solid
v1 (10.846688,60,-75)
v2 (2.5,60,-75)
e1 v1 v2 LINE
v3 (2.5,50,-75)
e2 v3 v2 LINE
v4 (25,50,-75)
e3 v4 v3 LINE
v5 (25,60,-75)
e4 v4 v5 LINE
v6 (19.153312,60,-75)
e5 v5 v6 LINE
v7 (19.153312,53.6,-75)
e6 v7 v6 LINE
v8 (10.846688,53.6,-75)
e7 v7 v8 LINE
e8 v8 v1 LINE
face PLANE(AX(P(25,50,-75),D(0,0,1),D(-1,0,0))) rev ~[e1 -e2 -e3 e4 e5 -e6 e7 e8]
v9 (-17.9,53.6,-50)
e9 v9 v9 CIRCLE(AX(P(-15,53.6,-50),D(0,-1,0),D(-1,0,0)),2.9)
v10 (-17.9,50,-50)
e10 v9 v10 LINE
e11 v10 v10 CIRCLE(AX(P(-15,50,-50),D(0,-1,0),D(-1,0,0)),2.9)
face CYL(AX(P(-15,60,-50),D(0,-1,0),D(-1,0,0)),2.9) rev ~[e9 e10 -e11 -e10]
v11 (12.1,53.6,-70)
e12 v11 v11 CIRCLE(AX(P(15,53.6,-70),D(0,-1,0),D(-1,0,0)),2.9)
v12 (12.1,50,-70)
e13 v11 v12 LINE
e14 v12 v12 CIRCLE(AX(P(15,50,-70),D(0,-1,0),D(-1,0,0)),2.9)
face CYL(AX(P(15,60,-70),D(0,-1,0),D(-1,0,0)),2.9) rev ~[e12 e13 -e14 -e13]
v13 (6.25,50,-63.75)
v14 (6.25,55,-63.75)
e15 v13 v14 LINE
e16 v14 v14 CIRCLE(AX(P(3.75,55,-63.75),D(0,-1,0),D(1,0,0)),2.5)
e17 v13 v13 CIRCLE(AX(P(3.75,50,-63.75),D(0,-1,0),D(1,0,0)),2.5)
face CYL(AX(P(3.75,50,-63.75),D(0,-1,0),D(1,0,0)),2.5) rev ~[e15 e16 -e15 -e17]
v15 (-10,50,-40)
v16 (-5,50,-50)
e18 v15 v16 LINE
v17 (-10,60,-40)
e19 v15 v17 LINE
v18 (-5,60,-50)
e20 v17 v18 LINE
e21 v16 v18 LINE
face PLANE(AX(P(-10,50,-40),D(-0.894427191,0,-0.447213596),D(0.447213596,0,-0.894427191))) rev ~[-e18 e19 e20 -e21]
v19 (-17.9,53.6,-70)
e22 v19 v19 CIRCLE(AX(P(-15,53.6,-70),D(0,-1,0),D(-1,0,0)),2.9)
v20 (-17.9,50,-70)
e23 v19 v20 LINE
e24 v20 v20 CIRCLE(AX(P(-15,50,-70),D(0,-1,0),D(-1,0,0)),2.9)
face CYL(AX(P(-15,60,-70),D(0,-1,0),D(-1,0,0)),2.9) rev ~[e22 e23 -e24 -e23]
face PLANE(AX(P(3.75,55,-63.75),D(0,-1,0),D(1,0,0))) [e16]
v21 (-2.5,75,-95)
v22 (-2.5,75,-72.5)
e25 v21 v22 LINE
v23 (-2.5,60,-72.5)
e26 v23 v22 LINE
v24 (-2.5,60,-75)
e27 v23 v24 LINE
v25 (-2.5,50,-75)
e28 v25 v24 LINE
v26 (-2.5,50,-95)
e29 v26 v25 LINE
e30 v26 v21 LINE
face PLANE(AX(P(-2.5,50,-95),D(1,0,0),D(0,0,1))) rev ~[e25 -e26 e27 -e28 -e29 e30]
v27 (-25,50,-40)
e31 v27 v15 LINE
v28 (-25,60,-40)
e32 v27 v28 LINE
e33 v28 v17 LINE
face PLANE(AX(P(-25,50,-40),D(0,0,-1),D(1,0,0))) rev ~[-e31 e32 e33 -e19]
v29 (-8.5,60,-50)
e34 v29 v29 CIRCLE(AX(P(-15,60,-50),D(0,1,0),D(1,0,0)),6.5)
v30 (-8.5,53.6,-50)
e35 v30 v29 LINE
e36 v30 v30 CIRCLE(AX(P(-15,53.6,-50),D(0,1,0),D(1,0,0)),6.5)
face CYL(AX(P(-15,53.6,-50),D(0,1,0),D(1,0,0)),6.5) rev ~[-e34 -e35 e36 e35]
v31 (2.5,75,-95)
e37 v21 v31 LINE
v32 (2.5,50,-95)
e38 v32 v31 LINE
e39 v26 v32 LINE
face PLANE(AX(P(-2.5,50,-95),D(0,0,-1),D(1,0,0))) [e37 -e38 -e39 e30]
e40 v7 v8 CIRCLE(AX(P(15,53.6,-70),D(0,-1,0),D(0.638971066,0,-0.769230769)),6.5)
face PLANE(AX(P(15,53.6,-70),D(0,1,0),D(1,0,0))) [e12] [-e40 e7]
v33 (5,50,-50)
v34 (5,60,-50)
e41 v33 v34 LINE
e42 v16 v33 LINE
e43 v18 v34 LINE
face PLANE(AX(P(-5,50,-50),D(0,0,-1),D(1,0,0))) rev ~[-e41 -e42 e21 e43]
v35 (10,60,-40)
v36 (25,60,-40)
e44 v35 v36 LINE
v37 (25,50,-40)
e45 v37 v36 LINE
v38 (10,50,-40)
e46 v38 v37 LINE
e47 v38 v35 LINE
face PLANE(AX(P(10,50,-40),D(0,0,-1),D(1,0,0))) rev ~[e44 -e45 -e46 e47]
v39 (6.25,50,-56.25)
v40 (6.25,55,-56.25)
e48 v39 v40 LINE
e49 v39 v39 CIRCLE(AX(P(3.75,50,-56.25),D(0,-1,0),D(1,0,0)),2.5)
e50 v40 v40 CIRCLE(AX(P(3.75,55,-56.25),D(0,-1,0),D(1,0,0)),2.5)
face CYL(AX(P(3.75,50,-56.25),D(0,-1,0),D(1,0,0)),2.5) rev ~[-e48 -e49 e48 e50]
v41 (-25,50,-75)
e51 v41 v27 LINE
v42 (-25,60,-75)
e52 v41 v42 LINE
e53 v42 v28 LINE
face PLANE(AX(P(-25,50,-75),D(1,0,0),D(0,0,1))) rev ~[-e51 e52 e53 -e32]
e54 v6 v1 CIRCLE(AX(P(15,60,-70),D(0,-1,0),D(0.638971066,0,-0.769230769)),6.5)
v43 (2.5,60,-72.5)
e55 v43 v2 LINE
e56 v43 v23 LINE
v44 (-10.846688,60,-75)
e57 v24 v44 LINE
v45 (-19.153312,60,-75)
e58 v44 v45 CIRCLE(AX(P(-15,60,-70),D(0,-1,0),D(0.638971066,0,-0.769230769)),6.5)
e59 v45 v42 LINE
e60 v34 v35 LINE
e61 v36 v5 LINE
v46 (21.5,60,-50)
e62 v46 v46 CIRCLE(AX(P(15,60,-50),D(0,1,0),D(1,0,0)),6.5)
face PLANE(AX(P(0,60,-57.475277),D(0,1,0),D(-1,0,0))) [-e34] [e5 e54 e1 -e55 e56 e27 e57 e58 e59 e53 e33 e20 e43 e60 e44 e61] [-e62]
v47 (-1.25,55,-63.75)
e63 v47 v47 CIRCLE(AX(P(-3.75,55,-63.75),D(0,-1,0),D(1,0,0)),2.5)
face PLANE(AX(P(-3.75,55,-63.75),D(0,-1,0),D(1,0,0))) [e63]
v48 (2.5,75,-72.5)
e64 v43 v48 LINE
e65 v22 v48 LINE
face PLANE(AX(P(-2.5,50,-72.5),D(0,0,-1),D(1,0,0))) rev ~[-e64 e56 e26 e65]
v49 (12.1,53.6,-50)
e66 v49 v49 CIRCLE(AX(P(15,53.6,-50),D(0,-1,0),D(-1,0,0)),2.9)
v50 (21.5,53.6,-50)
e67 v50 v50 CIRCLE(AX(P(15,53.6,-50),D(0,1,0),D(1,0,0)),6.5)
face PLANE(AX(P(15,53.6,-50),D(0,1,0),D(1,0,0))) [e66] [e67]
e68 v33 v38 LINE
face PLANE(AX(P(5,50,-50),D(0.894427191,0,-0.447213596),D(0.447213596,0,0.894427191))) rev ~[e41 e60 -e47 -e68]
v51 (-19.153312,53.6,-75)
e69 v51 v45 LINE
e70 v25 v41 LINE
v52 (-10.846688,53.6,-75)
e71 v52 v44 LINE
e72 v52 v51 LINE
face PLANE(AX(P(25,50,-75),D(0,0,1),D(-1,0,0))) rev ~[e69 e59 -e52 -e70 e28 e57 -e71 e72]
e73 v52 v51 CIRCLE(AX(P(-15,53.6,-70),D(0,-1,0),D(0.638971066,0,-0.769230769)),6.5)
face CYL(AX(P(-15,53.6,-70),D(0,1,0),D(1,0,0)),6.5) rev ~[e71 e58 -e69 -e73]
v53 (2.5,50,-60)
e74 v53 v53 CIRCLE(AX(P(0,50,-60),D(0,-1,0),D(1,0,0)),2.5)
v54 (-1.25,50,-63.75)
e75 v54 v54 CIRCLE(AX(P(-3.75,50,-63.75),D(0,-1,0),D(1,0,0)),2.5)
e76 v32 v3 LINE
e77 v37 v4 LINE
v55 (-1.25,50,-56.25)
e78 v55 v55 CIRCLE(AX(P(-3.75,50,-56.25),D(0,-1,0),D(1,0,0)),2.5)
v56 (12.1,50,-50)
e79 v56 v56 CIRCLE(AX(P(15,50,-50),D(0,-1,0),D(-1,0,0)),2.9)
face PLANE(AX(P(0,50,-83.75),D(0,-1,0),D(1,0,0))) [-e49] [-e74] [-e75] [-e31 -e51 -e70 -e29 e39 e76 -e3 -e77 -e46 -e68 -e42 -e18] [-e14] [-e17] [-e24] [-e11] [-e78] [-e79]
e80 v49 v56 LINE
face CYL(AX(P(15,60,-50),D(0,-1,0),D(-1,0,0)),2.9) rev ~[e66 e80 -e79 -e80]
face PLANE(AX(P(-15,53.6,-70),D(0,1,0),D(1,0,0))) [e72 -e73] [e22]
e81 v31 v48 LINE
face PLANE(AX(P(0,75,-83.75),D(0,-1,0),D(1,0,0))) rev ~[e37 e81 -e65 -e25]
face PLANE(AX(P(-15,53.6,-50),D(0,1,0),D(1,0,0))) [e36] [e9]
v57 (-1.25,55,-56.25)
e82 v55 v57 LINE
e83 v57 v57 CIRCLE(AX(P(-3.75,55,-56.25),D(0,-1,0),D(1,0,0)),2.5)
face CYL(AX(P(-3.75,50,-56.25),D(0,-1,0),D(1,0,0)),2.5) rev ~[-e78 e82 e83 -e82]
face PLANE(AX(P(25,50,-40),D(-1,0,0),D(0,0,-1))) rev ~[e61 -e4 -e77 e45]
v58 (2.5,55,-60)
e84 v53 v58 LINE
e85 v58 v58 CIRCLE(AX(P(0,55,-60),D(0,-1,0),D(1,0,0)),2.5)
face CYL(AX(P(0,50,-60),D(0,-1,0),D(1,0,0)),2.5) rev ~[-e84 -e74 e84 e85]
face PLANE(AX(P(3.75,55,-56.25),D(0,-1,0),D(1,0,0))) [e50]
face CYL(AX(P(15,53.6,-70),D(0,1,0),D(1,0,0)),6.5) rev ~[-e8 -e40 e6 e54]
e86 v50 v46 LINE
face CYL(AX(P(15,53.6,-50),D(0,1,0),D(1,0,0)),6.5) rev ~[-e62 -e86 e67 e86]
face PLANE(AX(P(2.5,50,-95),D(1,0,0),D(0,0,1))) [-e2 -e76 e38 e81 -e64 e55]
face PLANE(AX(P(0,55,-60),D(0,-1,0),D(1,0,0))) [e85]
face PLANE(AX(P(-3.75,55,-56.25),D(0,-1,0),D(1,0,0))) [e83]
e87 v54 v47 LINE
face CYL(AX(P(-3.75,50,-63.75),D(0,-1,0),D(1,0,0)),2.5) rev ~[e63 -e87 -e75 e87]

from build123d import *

# Parameters (mm, degrees)
PAD023_DEPTH        = 10
SKETCH037_R         = 2.5
POCKET009_DEPTH     = 5
HOLE004_D           = 5.8
HOLE004_DEPTH       = 25
HOLE004_CBORE_D     = 13
HOLE004_CBORE_DEPTH = 6.4
SKETCH039_W         = 5
SKETCH039_H         = 22.5
PAD024_DEPTH        = 25


with BuildPart() as part:
    # Sketch036 → Pad023 (new body)
    with BuildSketch(Plane.XZ.offset(-50)):
        Polygon((-25, -40), (-10, -40), (-5, -50), (5, -50), (10, -40), (25, -40), (25, -75), (-25, -75), align=None)
    extrude(amount=-PAD023_DEPTH)

    # Sketch037 → Pocket009 (cut)
    with BuildSketch(Plane.XZ.offset(-50)):
        with Locations((-3.75, -56.25)):
            Circle(SKETCH037_R)
        with Locations((3.75, -56.25)):
            Circle(SKETCH037_R)
        with Locations((0, -60)):
            Circle(SKETCH037_R)
        with Locations((3.75, -63.75)):
            Circle(SKETCH037_R)
        with Locations((-3.75, -63.75)):
            Circle(SKETCH037_R)
    extrude(amount=-POCKET009_DEPTH, mode=Mode.SUBTRACT)

    # Hole004
    with Locations(Plane(origin=(0, 60, 0), x_dir=(1, 0, 0), z_dir=(0, 1, 0))):
        with Locations((-15, 50), (-15, 70), (15, 70), (15, 50)):
            CounterBoreHole(HOLE004_D / 2, HOLE004_CBORE_D / 2, HOLE004_CBORE_DEPTH, depth=HOLE004_DEPTH)

    # Sketch039 → Pad024 (join)
    with BuildSketch(Plane.XZ.offset(-50)):
        with Locations((0, -83.75)):
            Rectangle(SKETCH039_W, SKETCH039_H)
    extrude(amount=-PAD024_DEPTH)


solid = part.part
